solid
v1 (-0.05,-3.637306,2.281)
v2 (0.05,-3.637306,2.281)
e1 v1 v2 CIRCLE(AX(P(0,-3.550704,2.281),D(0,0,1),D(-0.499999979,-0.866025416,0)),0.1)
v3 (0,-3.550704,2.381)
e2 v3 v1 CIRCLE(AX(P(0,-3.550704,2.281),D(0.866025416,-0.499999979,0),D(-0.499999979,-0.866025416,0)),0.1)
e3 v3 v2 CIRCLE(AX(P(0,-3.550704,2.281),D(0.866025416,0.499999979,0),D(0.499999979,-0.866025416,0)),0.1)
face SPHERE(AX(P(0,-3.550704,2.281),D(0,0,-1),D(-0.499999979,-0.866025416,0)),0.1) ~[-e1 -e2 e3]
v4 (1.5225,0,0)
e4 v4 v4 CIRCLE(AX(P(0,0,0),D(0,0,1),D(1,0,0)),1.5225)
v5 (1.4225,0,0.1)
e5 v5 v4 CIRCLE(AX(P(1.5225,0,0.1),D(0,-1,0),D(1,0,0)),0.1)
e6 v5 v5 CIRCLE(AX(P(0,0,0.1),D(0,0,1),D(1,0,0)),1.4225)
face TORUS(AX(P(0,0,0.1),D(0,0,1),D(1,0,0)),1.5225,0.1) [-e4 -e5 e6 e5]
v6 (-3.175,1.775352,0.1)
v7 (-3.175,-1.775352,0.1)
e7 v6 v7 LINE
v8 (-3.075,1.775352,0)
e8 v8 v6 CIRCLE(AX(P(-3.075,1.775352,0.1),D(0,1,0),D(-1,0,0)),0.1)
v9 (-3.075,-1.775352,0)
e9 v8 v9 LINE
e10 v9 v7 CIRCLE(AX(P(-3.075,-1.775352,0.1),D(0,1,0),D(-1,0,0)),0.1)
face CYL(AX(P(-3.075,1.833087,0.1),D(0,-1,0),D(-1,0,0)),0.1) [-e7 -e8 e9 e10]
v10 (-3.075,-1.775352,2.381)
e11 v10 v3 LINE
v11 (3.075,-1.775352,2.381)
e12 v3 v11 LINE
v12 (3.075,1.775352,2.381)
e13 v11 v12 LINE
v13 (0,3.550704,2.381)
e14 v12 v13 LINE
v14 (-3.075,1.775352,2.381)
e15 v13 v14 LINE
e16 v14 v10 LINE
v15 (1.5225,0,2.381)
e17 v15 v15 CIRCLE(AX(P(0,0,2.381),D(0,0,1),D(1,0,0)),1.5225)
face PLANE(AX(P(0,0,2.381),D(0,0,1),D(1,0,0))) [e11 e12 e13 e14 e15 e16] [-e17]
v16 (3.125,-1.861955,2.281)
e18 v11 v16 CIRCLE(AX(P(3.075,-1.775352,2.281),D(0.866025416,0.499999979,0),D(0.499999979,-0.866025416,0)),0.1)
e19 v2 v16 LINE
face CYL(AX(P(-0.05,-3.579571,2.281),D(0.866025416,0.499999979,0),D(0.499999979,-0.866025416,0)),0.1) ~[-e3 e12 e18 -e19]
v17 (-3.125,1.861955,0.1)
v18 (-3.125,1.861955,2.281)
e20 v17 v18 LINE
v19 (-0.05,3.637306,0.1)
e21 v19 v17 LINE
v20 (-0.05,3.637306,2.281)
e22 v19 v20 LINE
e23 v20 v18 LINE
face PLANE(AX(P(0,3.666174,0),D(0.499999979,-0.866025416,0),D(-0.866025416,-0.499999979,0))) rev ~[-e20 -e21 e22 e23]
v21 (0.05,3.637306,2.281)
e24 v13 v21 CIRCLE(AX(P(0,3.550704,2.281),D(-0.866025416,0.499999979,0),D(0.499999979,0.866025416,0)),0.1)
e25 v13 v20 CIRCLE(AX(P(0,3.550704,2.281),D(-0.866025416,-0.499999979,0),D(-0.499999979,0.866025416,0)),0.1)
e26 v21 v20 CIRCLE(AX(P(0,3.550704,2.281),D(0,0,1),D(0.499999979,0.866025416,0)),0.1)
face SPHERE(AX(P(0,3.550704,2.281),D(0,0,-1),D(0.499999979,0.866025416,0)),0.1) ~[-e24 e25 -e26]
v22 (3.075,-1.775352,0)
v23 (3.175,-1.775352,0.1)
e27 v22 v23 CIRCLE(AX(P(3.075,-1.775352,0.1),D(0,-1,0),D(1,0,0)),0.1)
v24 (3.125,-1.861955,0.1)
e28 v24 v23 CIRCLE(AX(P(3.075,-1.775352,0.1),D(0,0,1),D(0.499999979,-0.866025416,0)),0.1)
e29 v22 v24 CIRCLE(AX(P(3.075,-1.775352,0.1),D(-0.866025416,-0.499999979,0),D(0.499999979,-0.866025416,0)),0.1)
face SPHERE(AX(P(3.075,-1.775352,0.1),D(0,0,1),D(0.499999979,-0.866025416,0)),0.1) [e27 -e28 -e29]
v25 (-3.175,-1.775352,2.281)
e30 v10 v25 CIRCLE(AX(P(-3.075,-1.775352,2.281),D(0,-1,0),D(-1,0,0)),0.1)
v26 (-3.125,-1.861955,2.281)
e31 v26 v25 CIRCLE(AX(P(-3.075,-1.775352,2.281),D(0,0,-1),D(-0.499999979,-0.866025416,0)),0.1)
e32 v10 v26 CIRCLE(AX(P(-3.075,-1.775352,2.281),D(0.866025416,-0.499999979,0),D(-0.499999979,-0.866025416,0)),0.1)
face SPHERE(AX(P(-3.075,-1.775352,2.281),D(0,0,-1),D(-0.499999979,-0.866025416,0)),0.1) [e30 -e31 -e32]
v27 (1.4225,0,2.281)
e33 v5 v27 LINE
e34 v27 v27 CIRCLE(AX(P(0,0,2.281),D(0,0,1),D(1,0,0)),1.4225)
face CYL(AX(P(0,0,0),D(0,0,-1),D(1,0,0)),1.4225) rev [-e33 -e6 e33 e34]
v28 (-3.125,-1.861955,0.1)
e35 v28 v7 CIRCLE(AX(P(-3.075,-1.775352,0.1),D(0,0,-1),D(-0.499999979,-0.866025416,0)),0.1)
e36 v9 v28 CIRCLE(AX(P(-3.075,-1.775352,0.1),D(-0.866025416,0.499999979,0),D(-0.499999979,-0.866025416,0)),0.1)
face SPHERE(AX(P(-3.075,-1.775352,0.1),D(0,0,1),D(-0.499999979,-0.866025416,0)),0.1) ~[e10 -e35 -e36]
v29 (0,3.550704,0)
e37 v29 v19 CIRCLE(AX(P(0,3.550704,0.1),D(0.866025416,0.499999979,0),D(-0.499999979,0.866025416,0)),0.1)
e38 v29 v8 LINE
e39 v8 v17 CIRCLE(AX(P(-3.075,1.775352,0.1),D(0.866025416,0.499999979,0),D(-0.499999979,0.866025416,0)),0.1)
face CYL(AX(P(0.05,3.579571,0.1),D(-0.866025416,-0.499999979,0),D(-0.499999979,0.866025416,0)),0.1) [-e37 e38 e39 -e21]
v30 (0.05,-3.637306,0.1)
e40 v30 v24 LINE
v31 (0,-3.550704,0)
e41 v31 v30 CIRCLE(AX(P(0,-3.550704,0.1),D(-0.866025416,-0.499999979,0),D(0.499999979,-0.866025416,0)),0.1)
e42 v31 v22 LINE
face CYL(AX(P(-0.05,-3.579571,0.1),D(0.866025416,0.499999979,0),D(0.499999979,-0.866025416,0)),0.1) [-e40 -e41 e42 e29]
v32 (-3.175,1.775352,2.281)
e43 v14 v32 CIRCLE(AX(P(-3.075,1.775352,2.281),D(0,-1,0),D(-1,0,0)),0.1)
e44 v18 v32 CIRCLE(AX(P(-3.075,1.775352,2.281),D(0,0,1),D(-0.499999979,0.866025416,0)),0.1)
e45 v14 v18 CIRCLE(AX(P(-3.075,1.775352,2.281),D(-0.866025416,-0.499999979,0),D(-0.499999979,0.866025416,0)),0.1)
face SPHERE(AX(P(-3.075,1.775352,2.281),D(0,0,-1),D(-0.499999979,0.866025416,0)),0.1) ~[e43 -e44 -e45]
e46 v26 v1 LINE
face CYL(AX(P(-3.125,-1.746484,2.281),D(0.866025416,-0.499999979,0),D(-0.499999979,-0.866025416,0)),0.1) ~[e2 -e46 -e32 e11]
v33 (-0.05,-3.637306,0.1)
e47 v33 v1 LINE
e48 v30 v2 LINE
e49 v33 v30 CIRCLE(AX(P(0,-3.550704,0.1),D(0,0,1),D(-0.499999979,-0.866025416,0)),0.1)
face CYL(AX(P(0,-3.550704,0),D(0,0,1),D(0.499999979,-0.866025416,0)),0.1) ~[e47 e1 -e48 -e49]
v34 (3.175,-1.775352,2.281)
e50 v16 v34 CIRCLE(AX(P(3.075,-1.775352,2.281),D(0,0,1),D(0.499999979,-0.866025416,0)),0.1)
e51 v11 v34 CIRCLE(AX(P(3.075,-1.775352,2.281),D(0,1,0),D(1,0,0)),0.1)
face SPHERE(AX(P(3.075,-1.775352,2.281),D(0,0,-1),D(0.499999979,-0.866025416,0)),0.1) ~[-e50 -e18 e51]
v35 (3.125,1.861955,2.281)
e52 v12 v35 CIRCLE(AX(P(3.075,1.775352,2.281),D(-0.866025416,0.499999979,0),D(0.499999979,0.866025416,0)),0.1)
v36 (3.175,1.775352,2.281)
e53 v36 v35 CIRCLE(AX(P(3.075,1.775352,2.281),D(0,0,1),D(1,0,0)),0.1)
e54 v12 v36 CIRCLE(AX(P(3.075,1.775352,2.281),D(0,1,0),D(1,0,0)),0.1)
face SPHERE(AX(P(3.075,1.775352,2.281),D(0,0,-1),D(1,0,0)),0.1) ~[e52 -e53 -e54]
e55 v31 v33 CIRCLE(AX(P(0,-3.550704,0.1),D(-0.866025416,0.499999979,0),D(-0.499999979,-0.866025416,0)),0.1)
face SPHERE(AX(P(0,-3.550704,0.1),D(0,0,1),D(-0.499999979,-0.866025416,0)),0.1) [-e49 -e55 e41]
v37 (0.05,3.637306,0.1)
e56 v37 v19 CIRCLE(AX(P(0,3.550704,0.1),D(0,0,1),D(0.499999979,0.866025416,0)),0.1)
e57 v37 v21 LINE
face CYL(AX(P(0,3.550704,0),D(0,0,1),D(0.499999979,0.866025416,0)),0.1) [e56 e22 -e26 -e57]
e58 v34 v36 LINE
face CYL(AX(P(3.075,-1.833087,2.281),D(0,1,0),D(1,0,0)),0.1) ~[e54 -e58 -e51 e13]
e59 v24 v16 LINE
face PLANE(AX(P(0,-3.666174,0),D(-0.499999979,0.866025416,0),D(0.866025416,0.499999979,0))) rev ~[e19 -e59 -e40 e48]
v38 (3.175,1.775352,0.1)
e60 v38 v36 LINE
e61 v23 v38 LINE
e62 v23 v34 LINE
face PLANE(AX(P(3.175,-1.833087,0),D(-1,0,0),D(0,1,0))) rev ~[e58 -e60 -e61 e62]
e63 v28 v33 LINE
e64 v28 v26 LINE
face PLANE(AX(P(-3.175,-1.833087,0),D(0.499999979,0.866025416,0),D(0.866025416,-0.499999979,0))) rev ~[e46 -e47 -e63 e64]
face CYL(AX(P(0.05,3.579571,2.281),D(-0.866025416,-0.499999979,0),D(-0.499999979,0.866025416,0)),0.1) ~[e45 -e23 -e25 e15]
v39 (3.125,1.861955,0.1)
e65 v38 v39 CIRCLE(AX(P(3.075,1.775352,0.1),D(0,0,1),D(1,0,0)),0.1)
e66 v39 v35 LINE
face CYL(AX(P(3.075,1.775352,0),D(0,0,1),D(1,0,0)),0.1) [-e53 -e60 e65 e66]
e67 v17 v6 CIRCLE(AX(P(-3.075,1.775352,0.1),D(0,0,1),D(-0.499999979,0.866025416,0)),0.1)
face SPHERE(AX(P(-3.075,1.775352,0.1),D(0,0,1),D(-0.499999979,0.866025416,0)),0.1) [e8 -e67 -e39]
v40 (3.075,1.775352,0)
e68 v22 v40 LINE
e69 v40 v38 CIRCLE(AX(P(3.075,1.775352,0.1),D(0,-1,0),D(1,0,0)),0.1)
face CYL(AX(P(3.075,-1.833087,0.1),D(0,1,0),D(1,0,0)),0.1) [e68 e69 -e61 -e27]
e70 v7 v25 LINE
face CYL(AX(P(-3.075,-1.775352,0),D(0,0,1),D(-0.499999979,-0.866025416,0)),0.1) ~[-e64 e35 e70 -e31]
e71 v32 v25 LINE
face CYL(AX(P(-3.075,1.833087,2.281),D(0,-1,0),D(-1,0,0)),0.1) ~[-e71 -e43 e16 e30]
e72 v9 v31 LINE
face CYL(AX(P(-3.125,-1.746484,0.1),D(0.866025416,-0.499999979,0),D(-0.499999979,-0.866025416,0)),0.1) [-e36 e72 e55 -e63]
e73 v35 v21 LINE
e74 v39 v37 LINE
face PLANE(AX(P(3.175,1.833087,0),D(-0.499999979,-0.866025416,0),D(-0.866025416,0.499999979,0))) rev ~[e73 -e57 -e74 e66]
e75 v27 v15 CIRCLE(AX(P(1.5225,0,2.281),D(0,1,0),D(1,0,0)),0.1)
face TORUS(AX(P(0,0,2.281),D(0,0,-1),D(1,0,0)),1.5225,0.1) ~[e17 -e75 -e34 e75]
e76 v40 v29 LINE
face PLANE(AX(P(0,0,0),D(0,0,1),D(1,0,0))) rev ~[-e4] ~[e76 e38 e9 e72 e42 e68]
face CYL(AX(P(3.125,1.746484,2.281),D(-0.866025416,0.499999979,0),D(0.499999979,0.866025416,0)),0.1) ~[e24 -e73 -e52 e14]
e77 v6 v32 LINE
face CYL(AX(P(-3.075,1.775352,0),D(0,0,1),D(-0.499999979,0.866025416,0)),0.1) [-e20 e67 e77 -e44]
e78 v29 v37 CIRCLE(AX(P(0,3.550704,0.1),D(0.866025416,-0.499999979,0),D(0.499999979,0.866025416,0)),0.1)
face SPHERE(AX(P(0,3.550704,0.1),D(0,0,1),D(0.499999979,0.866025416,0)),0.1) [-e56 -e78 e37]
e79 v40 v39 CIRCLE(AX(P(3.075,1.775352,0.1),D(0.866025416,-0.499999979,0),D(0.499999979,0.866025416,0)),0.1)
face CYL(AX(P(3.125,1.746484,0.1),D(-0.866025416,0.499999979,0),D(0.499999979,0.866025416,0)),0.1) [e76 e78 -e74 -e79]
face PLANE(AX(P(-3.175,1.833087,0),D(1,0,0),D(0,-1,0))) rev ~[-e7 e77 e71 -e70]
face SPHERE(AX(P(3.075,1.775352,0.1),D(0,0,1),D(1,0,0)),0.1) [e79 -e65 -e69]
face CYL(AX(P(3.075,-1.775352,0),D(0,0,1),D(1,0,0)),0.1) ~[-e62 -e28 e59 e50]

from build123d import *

# Parameters (mm, degrees)
F0_R     = 1.4225
F1_DEPTH = 2.381
F2_R     = 0.1


with BuildPart() as f1:
    # F0 (on Top) → F1 (new body)
    with BuildSketch(Plane.XY):
        Polygon((3.175, -1.833087), (3.175, 1.833087), (0, 3.666174), (-3.175, 1.833087), (-3.175, -1.833087), (0, -3.666174), align=None)
        Circle(F0_R, mode=Mode.SUBTRACT)
    extrude(amount=F1_DEPTH)

    # F2
    f2_edges = [f1.edges().sort_by_distance(p)[0] for p in [
        (-3.175, -1.833087, 1.1905),
        (0, -3.666174, 1.1905),
        (-1.5875, -2.749631, 0),
        (-1.5875, -2.749631, 2.381),
        (3.175, -1.833087, 1.1905),
        (1.5875, -2.749631, 0),
        (1.5875, -2.749631, 2.381),
        (3.175, 1.833087, 1.1905),
        (3.175, 0, 0),
        (3.175, 0, 2.381),
        (0, 3.666174, 1.1905),
        (1.5875, 2.749631, 0),
        (1.5875, 2.749631, 2.381),
        (-3.175, 1.833087, 1.1905),
        (-1.5875, 2.749631, 0),
        (-1.5875, 2.749631, 2.381),
        (-3.175, 0, 0),
        (-3.175, 0, 2.381),
        (1.4225, 0, 1.1905),
        (-1.4225, 0, 0),
        (-1.4225, 0, 2.381),
    ]]
    fillet(f2_edges, radius=F2_R)


solid = f1.part
